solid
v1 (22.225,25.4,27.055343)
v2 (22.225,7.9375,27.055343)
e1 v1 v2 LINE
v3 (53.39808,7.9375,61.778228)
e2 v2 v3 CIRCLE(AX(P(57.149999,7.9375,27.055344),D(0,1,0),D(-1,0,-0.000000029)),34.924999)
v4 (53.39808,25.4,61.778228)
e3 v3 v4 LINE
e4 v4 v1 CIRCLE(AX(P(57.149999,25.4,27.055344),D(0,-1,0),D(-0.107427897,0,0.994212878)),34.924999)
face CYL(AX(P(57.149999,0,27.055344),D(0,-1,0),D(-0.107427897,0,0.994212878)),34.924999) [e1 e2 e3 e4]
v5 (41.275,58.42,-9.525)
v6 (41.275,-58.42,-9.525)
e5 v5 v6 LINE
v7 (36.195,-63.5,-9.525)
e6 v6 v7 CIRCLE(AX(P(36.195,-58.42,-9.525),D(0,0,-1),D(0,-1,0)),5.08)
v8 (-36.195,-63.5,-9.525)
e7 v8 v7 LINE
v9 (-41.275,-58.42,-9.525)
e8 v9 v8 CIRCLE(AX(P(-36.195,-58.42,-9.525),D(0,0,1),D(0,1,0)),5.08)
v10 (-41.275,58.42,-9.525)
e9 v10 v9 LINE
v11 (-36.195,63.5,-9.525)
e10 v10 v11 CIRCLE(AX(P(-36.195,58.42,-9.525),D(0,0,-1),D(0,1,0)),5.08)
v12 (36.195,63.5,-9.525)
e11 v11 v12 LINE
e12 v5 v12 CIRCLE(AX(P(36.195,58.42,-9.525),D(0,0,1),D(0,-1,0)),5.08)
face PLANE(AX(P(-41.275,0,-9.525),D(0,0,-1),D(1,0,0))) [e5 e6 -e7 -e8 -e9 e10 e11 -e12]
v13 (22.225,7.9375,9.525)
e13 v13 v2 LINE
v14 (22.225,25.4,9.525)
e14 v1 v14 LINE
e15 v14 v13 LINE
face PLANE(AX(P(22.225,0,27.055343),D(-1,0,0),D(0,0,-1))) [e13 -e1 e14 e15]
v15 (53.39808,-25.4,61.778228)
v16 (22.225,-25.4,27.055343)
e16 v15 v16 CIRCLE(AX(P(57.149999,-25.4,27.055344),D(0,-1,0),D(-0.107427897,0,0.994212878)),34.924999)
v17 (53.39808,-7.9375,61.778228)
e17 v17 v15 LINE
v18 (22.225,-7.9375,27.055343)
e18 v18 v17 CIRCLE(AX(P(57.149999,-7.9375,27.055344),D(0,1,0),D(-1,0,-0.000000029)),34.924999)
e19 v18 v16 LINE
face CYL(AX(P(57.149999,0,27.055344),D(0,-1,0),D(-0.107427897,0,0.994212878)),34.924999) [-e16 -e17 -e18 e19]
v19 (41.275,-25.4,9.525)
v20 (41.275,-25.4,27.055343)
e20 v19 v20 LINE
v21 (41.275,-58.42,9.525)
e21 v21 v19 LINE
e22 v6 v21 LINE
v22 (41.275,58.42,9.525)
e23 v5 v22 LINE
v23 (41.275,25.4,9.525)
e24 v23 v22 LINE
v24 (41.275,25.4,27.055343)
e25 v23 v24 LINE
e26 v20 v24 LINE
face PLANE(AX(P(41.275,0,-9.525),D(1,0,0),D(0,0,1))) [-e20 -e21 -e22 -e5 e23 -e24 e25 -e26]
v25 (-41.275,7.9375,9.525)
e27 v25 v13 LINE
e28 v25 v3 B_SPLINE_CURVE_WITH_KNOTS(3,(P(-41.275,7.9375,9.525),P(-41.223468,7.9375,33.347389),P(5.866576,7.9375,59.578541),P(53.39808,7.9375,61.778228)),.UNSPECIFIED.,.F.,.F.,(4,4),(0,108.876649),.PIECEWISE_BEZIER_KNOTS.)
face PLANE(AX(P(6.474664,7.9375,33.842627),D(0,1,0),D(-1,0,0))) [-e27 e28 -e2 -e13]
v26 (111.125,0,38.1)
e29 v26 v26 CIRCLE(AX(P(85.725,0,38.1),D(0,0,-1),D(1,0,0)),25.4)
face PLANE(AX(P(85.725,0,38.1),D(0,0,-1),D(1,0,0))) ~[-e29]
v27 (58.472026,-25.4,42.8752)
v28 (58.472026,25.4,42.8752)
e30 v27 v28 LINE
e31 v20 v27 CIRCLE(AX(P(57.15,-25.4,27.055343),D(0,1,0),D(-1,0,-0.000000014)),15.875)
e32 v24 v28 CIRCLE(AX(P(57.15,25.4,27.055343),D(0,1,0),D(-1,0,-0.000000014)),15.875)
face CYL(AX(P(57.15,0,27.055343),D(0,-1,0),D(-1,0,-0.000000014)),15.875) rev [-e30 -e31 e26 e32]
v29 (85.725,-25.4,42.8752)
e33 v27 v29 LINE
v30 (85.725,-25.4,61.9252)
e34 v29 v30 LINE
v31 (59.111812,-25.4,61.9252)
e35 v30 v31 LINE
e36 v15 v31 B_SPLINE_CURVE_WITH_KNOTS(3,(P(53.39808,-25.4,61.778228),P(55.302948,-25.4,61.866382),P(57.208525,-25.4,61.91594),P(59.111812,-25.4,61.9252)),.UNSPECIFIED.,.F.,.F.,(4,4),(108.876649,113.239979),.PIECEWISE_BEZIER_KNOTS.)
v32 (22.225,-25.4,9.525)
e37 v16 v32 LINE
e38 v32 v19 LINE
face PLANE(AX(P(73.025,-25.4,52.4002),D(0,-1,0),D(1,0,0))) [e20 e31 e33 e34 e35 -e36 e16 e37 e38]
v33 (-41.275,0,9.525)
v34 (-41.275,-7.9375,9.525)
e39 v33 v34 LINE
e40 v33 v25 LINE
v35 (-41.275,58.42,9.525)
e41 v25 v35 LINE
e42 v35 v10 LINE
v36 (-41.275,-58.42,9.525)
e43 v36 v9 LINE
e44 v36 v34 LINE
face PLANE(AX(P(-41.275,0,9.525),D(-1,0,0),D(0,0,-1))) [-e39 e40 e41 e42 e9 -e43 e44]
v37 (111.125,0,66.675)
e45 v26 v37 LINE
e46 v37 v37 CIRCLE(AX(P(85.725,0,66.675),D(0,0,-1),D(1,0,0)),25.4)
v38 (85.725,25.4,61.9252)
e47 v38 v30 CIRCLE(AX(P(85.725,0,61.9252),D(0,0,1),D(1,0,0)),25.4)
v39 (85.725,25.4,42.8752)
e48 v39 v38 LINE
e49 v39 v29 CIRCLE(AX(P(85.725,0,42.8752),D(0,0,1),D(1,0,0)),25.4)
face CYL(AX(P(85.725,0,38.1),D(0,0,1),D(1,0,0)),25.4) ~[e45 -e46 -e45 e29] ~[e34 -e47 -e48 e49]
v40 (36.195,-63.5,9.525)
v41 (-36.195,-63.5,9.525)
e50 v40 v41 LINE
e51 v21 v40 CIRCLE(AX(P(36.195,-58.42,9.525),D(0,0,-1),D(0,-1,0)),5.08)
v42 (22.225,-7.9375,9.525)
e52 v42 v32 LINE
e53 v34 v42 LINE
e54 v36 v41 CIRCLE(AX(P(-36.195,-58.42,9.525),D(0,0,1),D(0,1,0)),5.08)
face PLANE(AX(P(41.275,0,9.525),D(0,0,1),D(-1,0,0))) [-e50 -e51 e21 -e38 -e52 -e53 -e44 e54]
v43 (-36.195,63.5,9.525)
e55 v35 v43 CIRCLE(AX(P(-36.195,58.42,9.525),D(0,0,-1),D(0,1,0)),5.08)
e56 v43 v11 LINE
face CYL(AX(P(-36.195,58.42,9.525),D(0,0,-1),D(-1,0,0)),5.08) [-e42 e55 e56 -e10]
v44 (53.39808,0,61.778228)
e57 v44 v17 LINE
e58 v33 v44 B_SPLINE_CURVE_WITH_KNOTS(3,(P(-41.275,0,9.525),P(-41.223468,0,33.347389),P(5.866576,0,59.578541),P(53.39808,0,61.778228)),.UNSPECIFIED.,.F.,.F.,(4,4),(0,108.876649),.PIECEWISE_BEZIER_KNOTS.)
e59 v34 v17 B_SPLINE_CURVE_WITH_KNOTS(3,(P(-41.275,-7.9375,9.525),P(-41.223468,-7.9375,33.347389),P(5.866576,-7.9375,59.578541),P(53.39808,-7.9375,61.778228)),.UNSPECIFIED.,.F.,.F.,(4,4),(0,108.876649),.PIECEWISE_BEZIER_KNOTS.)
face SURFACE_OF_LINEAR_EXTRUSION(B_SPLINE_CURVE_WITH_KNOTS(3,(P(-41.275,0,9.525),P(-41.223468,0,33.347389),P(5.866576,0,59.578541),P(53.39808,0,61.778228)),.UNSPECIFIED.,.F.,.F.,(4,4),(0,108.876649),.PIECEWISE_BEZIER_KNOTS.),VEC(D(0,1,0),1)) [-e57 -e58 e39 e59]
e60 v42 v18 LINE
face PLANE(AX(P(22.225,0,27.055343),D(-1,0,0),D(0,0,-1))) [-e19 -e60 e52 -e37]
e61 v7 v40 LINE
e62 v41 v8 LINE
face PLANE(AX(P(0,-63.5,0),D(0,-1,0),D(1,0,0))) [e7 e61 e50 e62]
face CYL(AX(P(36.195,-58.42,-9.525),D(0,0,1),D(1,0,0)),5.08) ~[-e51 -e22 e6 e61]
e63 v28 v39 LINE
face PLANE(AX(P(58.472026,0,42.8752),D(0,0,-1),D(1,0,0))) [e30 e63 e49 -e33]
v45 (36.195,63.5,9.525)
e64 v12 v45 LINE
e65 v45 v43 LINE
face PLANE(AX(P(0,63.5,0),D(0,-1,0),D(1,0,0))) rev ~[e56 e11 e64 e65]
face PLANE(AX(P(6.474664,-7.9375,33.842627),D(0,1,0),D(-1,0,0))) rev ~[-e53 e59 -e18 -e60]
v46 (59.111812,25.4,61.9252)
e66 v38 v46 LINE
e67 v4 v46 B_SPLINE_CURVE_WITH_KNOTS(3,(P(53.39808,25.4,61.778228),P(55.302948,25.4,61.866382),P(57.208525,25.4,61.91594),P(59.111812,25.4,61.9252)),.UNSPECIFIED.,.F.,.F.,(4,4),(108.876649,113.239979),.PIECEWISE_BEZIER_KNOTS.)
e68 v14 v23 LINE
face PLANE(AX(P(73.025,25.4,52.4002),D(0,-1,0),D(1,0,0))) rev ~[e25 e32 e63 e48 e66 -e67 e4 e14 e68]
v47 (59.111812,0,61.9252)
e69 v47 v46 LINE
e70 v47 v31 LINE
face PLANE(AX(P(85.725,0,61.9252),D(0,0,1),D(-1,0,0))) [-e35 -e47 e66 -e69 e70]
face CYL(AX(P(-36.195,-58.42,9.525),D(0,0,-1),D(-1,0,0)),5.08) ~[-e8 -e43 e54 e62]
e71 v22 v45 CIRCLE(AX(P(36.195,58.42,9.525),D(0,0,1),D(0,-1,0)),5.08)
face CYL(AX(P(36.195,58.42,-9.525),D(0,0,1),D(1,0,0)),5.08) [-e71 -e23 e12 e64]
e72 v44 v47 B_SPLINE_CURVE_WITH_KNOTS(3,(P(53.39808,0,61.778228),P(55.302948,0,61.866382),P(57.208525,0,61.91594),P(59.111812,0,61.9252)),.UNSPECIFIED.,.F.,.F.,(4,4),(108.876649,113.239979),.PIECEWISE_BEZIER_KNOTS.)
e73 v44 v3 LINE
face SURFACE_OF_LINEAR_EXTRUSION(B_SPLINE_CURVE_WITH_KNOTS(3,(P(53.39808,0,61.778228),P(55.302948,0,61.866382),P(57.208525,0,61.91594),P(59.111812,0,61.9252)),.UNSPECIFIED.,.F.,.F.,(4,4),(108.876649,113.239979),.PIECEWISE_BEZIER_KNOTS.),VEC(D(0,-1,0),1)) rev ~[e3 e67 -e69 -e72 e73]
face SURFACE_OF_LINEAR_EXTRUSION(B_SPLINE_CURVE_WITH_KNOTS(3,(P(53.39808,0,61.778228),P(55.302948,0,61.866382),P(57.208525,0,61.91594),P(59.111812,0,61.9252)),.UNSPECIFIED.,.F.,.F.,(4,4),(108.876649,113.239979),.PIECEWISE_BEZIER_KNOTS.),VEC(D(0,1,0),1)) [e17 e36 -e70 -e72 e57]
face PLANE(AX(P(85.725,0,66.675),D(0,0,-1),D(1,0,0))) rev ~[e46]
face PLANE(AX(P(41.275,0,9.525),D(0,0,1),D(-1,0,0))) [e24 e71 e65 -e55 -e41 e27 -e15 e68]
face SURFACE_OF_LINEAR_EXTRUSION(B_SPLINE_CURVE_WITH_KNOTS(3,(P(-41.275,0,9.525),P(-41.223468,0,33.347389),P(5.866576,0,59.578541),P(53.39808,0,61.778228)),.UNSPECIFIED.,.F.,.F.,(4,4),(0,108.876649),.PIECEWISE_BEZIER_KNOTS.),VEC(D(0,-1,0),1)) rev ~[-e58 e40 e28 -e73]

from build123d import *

# Parameters (mm, degrees)
F1_DEPTH = 63.5
F2_DEPTH = 25.4
F3_DEPTH = 7.9375
F5_R     = 5.08


with BuildPart() as f1:
    # F0 (on Front) → F1 (new body, symmetric)
    with BuildSketch(Plane.XZ):
        Polygon((22.225, 9.525), (-41.275, 9.525), (-41.275, -9.525), (41.275, -9.525), (41.275, 9.525), align=None)
    extrude(amount=F1_DEPTH, both=True)

    # F0 (on Front) → F2 (join, symmetric)
    with BuildSketch(Plane.XZ):
        Polygon((83.458367, 61.9252), (60.325, 61.9252), (60.325, 42.8752), (83.458367, 42.8752), (85.725, 42.8752), (85.725, 61.9252), align=None)
        with BuildLine():
            Line((22.225, 27.055343), (22.225, 9.525))
            Line((22.225, 9.525), (41.275, 9.525))
            Line((41.275, 9.525), (41.275, 27.055343))
            ThreePointArc((41.275, 27.055343), (46.402245, 38.738724), (58.472026, 42.8752))
            Line((58.472026, 42.8752), (60.325, 42.8752))
            Line((60.325, 42.8752), (60.325, 61.9252))
            Line((60.325, 61.9252), (59.111812, 61.9252))
            add(Edge.make_bspline(
                [(53.39808, 61.778228), (55.302948, 61.866382), (57.208525, 61.91594), (59.111812, 61.9252)],
                knots=[108.876649, 108.876649, 108.876649, 108.876649, 113.239979, 113.239979, 113.239979, 113.239979], degree=3))
            ThreePointArc((53.39808, 61.778228), (31.161623, 50.386865), (22.225, 27.055343))
        make_face()
    extrude(amount=F2_DEPTH, both=True)

    # F0 (on Front) → F3 (join, symmetric)
    with BuildSketch(Plane.XZ):
        with BuildLine():
            add(Edge.make_bspline(
                [(-41.275, 9.525), (-41.223468, 33.347389), (5.866576, 59.578541), (53.39808, 61.778228)],
                knots=[0, 0, 0, 0, 108.876649, 108.876649, 108.876649, 108.876649], degree=3))
            Line((-41.275, 9.525), (22.225, 9.525))
            Line((22.225, 9.525), (22.225, 27.055343))
            ThreePointArc((22.225, 27.055343), (31.161623, 50.386865), (53.39808, 61.778228))
        make_face()
    extrude(amount=F3_DEPTH, both=True)

    # F0 (on Front) → F4 (revolve)
    with BuildSketch(Plane.XZ):
        Polygon((111.125, 66.675), (85.725, 66.675), (85.725, 61.9252), (85.725, 42.8752), (85.725, 38.1), (111.125, 38.1), align=None)
    revolve(axis=Axis((85.725, 0, 52.3875), (0, 0, -1)))

    # F5
    f5_edges = [f1.edges().sort_by_distance(p)[0] for p in [
        (41.275, -63.5, 0),
        (-41.275, -63.5, 0),
        (-41.275, 63.5, 0),
        (41.275, 63.5, 0),
    ]]
    fillet(f5_edges, radius=F5_R)


solid = f1.part
